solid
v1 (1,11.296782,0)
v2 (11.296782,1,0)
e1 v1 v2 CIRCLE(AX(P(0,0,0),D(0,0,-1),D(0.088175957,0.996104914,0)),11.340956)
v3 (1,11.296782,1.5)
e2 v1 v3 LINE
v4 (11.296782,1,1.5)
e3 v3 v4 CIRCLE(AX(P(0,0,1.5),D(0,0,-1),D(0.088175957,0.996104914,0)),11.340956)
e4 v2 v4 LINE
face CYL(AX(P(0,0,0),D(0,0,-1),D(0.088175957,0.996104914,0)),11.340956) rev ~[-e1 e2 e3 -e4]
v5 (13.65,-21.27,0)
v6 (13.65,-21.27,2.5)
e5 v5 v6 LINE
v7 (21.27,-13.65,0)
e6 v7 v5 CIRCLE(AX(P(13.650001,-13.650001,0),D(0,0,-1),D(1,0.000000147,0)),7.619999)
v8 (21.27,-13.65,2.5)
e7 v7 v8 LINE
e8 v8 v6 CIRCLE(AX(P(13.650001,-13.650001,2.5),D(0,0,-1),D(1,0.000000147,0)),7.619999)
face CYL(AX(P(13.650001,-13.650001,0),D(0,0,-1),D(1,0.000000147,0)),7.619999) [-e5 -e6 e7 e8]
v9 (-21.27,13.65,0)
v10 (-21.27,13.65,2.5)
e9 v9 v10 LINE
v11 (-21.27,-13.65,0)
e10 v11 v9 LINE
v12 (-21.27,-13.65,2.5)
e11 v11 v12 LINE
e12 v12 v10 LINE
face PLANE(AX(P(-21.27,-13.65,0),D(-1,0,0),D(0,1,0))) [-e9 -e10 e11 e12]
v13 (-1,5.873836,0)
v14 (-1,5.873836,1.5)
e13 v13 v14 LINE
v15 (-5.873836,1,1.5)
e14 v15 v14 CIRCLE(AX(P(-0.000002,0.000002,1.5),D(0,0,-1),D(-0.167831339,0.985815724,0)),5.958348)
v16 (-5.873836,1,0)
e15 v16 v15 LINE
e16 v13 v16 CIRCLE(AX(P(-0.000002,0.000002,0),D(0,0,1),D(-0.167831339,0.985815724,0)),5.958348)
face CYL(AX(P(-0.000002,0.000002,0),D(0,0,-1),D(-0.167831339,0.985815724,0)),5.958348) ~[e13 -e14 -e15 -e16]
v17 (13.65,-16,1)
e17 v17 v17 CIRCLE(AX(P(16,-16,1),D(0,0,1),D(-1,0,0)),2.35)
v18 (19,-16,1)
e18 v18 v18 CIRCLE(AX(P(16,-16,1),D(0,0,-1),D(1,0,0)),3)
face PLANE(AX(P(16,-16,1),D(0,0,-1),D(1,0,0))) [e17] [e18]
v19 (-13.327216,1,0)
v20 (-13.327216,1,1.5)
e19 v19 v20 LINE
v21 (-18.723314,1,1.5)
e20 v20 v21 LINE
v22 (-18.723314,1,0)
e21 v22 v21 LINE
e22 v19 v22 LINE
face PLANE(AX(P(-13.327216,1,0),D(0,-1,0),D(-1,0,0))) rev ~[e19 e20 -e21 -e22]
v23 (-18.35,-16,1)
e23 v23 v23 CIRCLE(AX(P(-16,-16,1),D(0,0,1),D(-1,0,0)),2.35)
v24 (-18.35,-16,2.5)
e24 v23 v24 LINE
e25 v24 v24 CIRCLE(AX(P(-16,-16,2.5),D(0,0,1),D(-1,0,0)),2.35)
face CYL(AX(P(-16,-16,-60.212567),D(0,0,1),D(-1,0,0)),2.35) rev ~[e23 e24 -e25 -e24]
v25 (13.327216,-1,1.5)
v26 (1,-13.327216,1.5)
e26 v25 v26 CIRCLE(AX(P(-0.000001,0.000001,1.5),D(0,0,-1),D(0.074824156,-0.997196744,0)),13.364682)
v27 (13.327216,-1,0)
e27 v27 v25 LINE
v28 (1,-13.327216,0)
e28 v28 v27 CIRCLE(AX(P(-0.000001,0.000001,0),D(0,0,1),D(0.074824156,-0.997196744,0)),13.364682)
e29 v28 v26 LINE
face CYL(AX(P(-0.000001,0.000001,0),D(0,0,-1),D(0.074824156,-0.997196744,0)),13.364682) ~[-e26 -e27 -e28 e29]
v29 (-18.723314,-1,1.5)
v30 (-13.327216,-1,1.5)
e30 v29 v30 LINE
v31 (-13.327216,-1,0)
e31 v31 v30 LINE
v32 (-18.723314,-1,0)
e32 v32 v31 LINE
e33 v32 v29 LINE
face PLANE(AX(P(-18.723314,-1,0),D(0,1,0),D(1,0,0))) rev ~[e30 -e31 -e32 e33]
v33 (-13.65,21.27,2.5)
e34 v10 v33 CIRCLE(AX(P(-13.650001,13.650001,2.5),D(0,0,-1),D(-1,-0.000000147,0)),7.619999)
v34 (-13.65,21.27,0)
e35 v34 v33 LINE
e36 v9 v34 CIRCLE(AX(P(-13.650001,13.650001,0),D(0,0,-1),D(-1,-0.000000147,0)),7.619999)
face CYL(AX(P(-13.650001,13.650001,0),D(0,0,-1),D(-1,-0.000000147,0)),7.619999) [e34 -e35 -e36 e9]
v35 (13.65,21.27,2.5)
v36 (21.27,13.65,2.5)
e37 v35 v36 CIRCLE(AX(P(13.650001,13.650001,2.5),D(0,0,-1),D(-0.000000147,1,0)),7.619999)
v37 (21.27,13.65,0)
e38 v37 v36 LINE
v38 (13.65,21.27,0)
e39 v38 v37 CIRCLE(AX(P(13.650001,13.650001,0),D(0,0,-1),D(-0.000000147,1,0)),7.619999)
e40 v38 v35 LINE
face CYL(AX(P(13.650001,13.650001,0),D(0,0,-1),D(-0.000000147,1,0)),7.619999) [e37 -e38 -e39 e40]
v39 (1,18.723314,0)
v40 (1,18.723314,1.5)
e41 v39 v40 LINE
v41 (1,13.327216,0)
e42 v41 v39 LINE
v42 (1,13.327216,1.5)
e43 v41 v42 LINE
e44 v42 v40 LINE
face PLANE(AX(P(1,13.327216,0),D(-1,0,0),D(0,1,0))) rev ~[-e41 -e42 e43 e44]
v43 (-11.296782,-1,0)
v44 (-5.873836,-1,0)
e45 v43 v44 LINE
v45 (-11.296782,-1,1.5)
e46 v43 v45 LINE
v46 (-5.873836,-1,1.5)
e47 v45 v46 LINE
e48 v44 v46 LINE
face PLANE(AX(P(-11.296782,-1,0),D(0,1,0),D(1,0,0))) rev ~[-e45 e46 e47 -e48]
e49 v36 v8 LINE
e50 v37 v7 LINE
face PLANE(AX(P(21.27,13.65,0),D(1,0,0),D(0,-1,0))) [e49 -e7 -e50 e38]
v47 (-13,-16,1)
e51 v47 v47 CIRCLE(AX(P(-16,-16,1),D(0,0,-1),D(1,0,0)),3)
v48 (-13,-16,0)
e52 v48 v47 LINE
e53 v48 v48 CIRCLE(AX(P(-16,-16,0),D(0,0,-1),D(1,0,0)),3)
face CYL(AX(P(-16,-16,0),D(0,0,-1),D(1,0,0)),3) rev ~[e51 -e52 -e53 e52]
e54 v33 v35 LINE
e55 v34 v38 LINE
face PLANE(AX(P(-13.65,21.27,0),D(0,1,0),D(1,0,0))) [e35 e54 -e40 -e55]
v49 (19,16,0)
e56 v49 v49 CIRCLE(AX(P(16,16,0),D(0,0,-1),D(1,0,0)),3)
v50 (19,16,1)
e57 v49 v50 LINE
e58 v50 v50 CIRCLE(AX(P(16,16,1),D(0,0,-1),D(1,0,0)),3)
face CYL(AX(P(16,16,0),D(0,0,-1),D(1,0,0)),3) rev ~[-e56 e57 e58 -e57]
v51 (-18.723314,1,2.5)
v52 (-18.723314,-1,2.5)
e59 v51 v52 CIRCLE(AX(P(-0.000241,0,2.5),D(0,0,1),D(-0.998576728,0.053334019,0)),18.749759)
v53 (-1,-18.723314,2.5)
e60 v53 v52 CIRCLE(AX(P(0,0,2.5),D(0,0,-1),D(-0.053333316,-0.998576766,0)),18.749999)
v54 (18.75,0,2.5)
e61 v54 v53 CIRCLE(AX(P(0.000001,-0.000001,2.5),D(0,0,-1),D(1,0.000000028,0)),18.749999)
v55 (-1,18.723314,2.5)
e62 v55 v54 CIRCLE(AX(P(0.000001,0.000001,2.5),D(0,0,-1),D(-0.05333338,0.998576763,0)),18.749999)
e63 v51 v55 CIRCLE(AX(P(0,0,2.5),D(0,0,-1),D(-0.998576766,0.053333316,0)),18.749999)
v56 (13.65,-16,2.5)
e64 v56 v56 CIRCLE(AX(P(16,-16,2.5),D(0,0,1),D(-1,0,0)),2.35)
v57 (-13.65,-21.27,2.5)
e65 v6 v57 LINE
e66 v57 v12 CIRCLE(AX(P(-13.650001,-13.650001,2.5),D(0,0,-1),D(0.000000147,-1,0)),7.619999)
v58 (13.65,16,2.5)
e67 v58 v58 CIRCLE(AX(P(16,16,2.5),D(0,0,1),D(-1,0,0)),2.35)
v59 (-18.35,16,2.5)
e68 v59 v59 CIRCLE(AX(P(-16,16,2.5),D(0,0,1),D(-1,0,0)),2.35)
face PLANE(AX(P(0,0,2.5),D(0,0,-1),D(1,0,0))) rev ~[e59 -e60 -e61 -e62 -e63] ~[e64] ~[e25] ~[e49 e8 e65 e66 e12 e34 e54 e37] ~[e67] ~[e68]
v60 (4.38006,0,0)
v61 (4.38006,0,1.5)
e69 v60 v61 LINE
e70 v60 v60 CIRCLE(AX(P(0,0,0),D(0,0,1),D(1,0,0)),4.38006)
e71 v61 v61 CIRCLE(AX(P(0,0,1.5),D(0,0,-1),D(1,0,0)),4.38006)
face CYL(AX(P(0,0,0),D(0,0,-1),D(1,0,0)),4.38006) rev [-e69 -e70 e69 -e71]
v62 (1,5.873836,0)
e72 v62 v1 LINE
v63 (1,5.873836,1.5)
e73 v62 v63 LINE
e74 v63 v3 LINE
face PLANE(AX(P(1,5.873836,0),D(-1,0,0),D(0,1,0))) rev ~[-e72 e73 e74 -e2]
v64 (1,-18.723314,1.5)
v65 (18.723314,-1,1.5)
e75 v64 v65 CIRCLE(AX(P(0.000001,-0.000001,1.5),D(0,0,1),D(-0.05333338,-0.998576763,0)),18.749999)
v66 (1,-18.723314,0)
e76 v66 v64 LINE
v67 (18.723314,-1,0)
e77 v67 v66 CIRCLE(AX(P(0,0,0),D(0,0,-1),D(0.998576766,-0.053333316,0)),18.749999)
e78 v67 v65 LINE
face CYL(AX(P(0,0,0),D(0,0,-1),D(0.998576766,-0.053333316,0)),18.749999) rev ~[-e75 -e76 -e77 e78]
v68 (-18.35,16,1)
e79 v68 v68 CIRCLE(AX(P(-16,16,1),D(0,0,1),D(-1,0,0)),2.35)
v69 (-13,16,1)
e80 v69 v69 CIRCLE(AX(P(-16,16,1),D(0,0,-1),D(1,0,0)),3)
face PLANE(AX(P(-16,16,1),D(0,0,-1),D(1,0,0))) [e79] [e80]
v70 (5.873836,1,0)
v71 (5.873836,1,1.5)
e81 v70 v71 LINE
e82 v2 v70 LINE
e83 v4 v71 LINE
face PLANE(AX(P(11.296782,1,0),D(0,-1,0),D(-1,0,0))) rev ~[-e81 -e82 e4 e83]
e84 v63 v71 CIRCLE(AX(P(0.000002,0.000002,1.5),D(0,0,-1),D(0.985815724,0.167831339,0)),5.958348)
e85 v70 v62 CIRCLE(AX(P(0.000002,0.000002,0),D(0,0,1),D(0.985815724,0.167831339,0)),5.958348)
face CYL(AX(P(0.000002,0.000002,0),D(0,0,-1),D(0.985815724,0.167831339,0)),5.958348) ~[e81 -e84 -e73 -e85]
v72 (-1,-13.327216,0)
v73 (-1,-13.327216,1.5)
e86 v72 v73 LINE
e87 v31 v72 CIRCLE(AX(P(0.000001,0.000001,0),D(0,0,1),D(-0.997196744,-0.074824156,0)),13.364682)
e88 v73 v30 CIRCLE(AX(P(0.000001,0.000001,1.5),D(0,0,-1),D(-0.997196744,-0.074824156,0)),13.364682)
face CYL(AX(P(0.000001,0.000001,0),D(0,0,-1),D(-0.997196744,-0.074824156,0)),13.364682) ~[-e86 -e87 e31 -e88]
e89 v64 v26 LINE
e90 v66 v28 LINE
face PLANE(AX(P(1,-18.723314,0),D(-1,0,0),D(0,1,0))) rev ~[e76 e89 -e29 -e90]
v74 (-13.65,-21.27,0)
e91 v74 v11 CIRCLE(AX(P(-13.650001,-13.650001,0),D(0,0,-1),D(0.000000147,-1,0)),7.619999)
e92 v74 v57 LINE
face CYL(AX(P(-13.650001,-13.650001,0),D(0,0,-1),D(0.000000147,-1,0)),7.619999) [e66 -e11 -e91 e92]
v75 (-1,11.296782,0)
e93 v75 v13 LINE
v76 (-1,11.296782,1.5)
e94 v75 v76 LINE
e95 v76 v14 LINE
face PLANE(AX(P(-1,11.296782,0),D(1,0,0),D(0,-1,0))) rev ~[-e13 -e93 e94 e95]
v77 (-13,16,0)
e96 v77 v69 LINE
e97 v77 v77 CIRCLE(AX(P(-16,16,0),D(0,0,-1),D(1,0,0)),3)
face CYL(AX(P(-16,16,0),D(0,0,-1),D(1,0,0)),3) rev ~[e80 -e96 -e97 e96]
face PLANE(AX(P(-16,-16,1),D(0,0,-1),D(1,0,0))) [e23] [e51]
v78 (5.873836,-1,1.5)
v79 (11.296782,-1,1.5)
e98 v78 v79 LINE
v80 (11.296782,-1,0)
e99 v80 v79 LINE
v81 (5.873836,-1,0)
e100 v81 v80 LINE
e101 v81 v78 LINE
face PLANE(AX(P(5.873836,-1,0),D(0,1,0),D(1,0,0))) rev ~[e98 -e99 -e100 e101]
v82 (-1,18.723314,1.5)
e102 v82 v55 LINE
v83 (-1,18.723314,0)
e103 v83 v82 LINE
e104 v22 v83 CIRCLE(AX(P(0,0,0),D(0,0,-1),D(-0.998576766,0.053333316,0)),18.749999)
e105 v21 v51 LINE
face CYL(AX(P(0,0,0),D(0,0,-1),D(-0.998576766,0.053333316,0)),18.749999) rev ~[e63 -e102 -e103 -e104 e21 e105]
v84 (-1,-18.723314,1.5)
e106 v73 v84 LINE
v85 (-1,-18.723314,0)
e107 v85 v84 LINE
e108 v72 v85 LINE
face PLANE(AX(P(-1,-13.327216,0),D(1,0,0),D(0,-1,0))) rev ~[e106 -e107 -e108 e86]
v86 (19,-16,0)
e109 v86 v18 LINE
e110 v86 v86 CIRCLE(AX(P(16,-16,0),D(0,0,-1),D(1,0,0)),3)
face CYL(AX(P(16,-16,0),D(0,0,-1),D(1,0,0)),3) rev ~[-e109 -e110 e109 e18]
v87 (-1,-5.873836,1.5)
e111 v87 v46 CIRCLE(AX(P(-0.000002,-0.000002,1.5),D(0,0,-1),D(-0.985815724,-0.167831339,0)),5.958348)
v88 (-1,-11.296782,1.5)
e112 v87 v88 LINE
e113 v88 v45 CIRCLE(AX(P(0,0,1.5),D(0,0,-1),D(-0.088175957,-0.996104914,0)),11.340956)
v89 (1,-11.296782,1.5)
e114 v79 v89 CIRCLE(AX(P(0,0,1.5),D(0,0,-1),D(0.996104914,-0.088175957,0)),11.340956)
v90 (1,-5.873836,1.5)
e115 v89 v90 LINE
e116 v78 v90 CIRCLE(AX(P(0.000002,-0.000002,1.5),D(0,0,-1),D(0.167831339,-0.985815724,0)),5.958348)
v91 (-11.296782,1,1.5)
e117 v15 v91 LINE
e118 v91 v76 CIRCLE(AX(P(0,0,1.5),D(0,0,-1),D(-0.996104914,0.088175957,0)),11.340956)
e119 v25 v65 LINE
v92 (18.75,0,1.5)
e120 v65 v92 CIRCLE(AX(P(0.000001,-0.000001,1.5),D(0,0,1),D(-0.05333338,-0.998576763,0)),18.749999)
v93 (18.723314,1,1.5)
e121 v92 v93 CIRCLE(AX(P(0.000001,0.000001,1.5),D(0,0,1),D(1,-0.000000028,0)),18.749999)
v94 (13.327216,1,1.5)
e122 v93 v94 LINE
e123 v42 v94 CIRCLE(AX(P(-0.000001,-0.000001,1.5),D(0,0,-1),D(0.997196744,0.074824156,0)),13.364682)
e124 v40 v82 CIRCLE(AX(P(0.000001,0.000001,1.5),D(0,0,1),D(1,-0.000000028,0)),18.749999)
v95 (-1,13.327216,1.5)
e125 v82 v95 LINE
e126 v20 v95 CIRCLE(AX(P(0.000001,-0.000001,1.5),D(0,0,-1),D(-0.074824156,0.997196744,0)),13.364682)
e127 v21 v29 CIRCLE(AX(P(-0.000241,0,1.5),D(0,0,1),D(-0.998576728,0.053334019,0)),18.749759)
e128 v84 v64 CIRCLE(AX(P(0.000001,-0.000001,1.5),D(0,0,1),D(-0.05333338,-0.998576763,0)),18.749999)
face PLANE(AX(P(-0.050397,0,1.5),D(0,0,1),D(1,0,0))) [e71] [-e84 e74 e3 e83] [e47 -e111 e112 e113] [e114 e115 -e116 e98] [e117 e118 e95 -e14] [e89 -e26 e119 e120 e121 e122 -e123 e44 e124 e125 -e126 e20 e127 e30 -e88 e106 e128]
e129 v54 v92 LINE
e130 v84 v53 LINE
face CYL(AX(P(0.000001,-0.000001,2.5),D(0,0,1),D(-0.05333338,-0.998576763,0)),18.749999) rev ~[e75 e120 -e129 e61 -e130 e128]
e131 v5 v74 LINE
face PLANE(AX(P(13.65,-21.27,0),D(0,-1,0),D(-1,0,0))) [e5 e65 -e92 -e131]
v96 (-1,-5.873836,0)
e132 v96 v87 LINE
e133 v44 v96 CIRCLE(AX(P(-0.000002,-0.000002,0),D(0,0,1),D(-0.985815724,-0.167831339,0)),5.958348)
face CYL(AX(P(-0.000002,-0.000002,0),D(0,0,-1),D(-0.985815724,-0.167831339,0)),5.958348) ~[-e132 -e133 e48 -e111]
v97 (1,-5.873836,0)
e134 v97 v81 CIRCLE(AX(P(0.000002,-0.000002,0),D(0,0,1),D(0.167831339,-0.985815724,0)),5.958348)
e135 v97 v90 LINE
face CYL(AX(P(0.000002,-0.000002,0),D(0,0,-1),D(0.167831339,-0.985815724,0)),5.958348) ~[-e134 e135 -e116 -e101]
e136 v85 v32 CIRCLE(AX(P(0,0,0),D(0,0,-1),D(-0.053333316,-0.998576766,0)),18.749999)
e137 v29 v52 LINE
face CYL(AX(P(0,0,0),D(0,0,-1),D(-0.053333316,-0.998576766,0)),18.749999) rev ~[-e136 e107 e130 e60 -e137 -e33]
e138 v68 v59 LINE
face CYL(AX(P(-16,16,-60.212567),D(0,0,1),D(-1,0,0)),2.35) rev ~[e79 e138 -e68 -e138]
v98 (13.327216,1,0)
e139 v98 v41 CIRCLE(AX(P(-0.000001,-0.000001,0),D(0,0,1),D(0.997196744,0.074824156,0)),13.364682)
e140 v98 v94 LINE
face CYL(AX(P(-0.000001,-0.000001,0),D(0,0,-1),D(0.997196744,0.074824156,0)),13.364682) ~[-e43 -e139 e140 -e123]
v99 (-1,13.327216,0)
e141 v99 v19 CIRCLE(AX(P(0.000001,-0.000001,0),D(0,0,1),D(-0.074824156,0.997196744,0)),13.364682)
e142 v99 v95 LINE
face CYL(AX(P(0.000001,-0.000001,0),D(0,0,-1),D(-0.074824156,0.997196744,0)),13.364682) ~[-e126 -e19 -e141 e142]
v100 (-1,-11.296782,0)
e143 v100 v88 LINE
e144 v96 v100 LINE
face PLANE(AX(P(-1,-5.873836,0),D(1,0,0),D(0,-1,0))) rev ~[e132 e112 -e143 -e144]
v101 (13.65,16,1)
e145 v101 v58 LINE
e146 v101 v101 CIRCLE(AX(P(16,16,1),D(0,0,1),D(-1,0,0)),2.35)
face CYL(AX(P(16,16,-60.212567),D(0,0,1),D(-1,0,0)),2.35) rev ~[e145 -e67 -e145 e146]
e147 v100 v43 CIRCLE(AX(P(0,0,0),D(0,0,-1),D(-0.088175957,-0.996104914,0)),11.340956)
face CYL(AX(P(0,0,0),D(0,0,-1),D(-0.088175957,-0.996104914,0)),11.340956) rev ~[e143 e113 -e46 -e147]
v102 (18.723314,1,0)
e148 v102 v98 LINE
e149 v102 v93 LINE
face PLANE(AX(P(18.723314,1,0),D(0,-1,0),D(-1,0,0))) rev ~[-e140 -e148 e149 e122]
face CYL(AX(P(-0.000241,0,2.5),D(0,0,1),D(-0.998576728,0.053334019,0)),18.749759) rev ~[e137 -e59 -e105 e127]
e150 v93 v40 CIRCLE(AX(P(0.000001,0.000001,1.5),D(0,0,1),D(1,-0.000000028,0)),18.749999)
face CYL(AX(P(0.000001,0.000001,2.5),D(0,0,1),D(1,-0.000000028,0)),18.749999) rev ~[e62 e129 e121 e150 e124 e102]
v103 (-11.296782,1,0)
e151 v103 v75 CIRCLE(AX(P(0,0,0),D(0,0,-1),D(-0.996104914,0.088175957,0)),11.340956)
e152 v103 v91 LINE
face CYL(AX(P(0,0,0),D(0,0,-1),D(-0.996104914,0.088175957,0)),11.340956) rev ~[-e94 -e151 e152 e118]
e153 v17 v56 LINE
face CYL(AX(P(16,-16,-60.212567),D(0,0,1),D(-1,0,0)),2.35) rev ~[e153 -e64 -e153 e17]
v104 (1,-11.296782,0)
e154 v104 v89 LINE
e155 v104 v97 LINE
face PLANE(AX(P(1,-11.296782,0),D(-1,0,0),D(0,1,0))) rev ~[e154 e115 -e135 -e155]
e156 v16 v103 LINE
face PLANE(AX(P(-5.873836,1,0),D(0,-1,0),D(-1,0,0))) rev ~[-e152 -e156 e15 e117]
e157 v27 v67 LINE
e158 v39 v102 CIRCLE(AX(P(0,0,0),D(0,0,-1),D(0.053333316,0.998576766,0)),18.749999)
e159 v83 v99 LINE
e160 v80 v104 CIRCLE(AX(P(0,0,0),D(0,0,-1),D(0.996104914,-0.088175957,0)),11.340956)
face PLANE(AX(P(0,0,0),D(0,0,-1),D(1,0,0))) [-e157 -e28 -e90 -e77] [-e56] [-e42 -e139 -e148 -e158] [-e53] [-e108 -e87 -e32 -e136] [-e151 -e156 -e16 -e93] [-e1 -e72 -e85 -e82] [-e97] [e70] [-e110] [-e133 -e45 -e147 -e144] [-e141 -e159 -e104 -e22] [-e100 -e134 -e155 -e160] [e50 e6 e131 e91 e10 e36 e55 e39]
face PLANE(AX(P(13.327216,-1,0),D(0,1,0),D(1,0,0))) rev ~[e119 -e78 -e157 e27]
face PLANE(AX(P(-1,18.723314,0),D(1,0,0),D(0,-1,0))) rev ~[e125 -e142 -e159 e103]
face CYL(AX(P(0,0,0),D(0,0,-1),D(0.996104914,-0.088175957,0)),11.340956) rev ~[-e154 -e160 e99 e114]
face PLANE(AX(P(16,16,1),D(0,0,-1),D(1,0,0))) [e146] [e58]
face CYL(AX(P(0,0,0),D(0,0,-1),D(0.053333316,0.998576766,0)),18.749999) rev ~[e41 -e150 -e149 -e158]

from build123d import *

# Parameters (mm, degrees)
F0_R     = 1.6
F0_R_2   = 4.38006
F1_DEPTH = 2.5
F3_DEPTH = 1
F4_R     = 3
F4_R_2   = 1.6
F5_DEPTH = 1
F7_DEPTH = 2.5
F8_R     = 1.7
F9_DEPTH = 2.501
F10_D    = 4.7


with BuildPart() as f1:
    # F0 (on Top) → F1 (new body)
    with BuildSketch(Plane.XY):
        with BuildLine():
            Line((13.65, 20), (-13.65, 20))
            ThreePointArc((-13.65, 20), (-18.140128, 18.140128), (-20, 13.65))
            Line((-20, 13.65), (-20, -13.65))
            ThreePointArc((-20, -13.65), (-18.140128, -18.140128), (-13.65, -20))
            Line((-13.65, -20), (13.65, -20))
            ThreePointArc((13.65, -20), (18.140128, -18.140128), (20, -13.65))
            Line((20, -13.65), (20, 13.65))
            ThreePointArc((20, 13.65), (18.140128, 18.140128), (13.65, 20))
        make_face()
        with Locations((-16, -16)):
            Circle(F0_R, mode=Mode.SUBTRACT)
        with BuildLine():
            ThreePointArc((-1, -18.723314), (-13.258252, -13.258252), (-18.723314, -1))
            Line((-18.723314, -1), (-13.327216, -1))
            ThreePointArc((-13.327216, -1), (-9.450256, -9.450256), (-1, -13.327216))
            Line((-1, -13.327216), (-1, -18.723314))
        make_face(mode=Mode.SUBTRACT)
        with BuildLine():
            ThreePointArc((-5.873836, -1), (-4.213191, -4.213191), (-1, -5.873836))
            Line((-1, -5.873836), (-1, -11.296782))
            ThreePointArc((-1, -11.296782), (-8.019267, -8.019267), (-11.296782, -1))
            Line((-11.296782, -1), (-5.873836, -1))
        make_face(mode=Mode.SUBTRACT)
        with Locations((16, -16)):
            Circle(F0_R, mode=Mode.SUBTRACT)
        with BuildLine():
            ThreePointArc((18.723314, -1), (13.258252, -13.258252), (1, -18.723314))
            Line((1, -18.723314), (1, -13.327216))
            ThreePointArc((1, -13.327216), (9.450256, -9.450256), (13.327216, -1))
            Line((13.327216, -1), (18.723314, -1))
        make_face(mode=Mode.SUBTRACT)
        with BuildLine():
            ThreePointArc((1, -5.873836), (4.213191, -4.213191), (5.873836, -1))
            Line((5.873836, -1), (11.296782, -1))
            ThreePointArc((11.296782, -1), (8.019267, -8.019267), (1, -11.296782))
            Line((1, -11.296782), (1, -5.873836))
        make_face(mode=Mode.SUBTRACT)
        with BuildLine():
            ThreePointArc((-11.296782, 1), (-8.019267, 8.019267), (-1, 11.296782))
            Line((-1, 11.296782), (-1, 5.873836))
            ThreePointArc((-1, 5.873836), (-4.213191, 4.213191), (-5.873836, 1))
            Line((-5.873836, 1), (-11.296782, 1))
        make_face(mode=Mode.SUBTRACT)
        with BuildLine():
            ThreePointArc((-18.723314, 1), (-13.258252, 13.258252), (-1, 18.723314))
            Line((-1, 18.723314), (-1, 13.327216))
            ThreePointArc((-1, 13.327216), (-9.450256, 9.450256), (-13.327216, 1))
            Line((-13.327216, 1), (-18.723314, 1))
        make_face(mode=Mode.SUBTRACT)
        with Locations((-16, 16)):
            Circle(F0_R, mode=Mode.SUBTRACT)
        Circle(F0_R_2, mode=Mode.SUBTRACT)
        with BuildLine():
            Line((11.296782, 1), (5.873836, 1))
            ThreePointArc((5.873836, 1), (4.213191, 4.213191), (1, 5.873836))
            Line((1, 5.873836), (1, 11.296782))
            ThreePointArc((1, 11.296782), (8.019267, 8.019267), (11.296782, 1))
        make_face(mode=Mode.SUBTRACT)
        with BuildLine():
            Line((1, 13.327216), (1, 18.723314))
            ThreePointArc((1, 18.723314), (13.258252, 13.258252), (18.723314, 1))
            Line((18.723314, 1), (13.327216, 1))
            ThreePointArc((13.327216, 1), (9.450256, 9.450256), (1, 13.327216))
        make_face(mode=Mode.SUBTRACT)
        with Locations((16, 16)):
            Circle(F0_R, mode=Mode.SUBTRACT)
    extrude(amount=F1_DEPTH)

    # F2 (on face) → F3 (cut)
    with BuildSketch(Plane.XY.offset(2.5)):
        with BuildLine():
            ThreePointArc((18.75, 0), (12.899855, 13.607213), (-1, 18.723314))
            ThreePointArc((-1, 18.723314), (-13.258252, 13.258252), (-18.723314, 1))
            ThreePointArc((-18.723314, 1), (-18.75, 0), (-18.723314, -1))
            ThreePointArc((-18.723314, -1), (-13.258252, -13.258252), (-1, -18.723314))
            ThreePointArc((-1, -18.723314), (12.899855, -13.607213), (18.75, 0))
        make_face()
    extrude(amount=-F3_DEPTH, mode=Mode.SUBTRACT)

    # F4 (on face) → F5 (cut)
    with BuildSketch(Plane(origin=(0, 0, 0), x_dir=(1, 0, 0), z_dir=(0, 0, -1))):
        with Locations((-16, 16)):
            Circle(F4_R)
        with Locations((-16, 16)):
            Circle(F4_R_2, mode=Mode.SUBTRACT)
        with Locations((16, 16)):
            Circle(F4_R)
        with Locations((16, 16)):
            Circle(F4_R_2, mode=Mode.SUBTRACT)
        with Locations((16, -16)):
            Circle(F4_R)
        with Locations((16, -16)):
            Circle(F4_R_2, mode=Mode.SUBTRACT)
        with Locations((-16, -16)):
            Circle(F4_R)
        with Locations((-16, -16)):
            Circle(F4_R_2, mode=Mode.SUBTRACT)
    extrude(amount=-F5_DEPTH, mode=Mode.SUBTRACT)

    # F6 (on face) → F7 (join, through all)
    with BuildSketch(Plane(origin=(0, 0, 0), x_dir=(1, 0, 0), z_dir=(0, 0, -1))):
        with BuildLine():
            ThreePointArc((-13.65, 21.27), (-19.038154, 19.038154), (-21.27, 13.65))
            Line((-21.27, 13.65), (-21.27, -13.65))
            ThreePointArc((-21.27, -13.65), (-19.038154, -19.038154), (-13.65, -21.27))
            Line((-13.65, -21.27), (13.65, -21.27))
            ThreePointArc((13.65, -21.27), (19.038154, -19.038154), (21.27, -13.65))
            Line((21.27, -13.65), (21.27, 13.65))
            ThreePointArc((21.27, 13.65), (19.038154, 19.038154), (13.65, 21.27))
            Line((13.65, 21.27), (-13.65, 21.27))
        make_face()
        with BuildLine():
            ThreePointArc((-20, 13.65), (-18.140128, 18.140128), (-13.65, 20))
            Line((-13.65, 20), (13.65, 20))
            ThreePointArc((13.65, 20), (18.140128, 18.140128), (20, 13.65))
            Line((20, 13.65), (20, -13.65))
            ThreePointArc((20, -13.65), (18.140128, -18.140128), (13.65, -20))
            Line((13.65, -20), (-13.65, -20))
            ThreePointArc((-13.65, -20), (-18.140128, -18.140128), (-20, -13.65))
            Line((-20, -13.65), (-20, 13.65))
        make_face(mode=Mode.SUBTRACT)
    extrude(amount=-F7_DEPTH)

    # F8 (on face) → F9 (cut, through all)
    with BuildSketch(Plane.XY.offset(2.5)):
        with Locations((16, 16)):
            Circle(F8_R)
        with Locations((16, -16)):
            Circle(F8_R)
        with Locations((-16, -16)):
            Circle(F8_R)
        with Locations((-16, 16)):
            Circle(F8_R)
    extrude(amount=-F9_DEPTH, mode=Mode.SUBTRACT)

    # F10 (through all)
    with Locations(Plane(origin=(0, 0, 0), x_dir=(1, 0, 0), z_dir=(0, 0, -1))):
        with Locations((-16, -16), (16, -16), (16, 16), (-16, 16)):
            Hole(F10_D / 2)


solid = f1.part
